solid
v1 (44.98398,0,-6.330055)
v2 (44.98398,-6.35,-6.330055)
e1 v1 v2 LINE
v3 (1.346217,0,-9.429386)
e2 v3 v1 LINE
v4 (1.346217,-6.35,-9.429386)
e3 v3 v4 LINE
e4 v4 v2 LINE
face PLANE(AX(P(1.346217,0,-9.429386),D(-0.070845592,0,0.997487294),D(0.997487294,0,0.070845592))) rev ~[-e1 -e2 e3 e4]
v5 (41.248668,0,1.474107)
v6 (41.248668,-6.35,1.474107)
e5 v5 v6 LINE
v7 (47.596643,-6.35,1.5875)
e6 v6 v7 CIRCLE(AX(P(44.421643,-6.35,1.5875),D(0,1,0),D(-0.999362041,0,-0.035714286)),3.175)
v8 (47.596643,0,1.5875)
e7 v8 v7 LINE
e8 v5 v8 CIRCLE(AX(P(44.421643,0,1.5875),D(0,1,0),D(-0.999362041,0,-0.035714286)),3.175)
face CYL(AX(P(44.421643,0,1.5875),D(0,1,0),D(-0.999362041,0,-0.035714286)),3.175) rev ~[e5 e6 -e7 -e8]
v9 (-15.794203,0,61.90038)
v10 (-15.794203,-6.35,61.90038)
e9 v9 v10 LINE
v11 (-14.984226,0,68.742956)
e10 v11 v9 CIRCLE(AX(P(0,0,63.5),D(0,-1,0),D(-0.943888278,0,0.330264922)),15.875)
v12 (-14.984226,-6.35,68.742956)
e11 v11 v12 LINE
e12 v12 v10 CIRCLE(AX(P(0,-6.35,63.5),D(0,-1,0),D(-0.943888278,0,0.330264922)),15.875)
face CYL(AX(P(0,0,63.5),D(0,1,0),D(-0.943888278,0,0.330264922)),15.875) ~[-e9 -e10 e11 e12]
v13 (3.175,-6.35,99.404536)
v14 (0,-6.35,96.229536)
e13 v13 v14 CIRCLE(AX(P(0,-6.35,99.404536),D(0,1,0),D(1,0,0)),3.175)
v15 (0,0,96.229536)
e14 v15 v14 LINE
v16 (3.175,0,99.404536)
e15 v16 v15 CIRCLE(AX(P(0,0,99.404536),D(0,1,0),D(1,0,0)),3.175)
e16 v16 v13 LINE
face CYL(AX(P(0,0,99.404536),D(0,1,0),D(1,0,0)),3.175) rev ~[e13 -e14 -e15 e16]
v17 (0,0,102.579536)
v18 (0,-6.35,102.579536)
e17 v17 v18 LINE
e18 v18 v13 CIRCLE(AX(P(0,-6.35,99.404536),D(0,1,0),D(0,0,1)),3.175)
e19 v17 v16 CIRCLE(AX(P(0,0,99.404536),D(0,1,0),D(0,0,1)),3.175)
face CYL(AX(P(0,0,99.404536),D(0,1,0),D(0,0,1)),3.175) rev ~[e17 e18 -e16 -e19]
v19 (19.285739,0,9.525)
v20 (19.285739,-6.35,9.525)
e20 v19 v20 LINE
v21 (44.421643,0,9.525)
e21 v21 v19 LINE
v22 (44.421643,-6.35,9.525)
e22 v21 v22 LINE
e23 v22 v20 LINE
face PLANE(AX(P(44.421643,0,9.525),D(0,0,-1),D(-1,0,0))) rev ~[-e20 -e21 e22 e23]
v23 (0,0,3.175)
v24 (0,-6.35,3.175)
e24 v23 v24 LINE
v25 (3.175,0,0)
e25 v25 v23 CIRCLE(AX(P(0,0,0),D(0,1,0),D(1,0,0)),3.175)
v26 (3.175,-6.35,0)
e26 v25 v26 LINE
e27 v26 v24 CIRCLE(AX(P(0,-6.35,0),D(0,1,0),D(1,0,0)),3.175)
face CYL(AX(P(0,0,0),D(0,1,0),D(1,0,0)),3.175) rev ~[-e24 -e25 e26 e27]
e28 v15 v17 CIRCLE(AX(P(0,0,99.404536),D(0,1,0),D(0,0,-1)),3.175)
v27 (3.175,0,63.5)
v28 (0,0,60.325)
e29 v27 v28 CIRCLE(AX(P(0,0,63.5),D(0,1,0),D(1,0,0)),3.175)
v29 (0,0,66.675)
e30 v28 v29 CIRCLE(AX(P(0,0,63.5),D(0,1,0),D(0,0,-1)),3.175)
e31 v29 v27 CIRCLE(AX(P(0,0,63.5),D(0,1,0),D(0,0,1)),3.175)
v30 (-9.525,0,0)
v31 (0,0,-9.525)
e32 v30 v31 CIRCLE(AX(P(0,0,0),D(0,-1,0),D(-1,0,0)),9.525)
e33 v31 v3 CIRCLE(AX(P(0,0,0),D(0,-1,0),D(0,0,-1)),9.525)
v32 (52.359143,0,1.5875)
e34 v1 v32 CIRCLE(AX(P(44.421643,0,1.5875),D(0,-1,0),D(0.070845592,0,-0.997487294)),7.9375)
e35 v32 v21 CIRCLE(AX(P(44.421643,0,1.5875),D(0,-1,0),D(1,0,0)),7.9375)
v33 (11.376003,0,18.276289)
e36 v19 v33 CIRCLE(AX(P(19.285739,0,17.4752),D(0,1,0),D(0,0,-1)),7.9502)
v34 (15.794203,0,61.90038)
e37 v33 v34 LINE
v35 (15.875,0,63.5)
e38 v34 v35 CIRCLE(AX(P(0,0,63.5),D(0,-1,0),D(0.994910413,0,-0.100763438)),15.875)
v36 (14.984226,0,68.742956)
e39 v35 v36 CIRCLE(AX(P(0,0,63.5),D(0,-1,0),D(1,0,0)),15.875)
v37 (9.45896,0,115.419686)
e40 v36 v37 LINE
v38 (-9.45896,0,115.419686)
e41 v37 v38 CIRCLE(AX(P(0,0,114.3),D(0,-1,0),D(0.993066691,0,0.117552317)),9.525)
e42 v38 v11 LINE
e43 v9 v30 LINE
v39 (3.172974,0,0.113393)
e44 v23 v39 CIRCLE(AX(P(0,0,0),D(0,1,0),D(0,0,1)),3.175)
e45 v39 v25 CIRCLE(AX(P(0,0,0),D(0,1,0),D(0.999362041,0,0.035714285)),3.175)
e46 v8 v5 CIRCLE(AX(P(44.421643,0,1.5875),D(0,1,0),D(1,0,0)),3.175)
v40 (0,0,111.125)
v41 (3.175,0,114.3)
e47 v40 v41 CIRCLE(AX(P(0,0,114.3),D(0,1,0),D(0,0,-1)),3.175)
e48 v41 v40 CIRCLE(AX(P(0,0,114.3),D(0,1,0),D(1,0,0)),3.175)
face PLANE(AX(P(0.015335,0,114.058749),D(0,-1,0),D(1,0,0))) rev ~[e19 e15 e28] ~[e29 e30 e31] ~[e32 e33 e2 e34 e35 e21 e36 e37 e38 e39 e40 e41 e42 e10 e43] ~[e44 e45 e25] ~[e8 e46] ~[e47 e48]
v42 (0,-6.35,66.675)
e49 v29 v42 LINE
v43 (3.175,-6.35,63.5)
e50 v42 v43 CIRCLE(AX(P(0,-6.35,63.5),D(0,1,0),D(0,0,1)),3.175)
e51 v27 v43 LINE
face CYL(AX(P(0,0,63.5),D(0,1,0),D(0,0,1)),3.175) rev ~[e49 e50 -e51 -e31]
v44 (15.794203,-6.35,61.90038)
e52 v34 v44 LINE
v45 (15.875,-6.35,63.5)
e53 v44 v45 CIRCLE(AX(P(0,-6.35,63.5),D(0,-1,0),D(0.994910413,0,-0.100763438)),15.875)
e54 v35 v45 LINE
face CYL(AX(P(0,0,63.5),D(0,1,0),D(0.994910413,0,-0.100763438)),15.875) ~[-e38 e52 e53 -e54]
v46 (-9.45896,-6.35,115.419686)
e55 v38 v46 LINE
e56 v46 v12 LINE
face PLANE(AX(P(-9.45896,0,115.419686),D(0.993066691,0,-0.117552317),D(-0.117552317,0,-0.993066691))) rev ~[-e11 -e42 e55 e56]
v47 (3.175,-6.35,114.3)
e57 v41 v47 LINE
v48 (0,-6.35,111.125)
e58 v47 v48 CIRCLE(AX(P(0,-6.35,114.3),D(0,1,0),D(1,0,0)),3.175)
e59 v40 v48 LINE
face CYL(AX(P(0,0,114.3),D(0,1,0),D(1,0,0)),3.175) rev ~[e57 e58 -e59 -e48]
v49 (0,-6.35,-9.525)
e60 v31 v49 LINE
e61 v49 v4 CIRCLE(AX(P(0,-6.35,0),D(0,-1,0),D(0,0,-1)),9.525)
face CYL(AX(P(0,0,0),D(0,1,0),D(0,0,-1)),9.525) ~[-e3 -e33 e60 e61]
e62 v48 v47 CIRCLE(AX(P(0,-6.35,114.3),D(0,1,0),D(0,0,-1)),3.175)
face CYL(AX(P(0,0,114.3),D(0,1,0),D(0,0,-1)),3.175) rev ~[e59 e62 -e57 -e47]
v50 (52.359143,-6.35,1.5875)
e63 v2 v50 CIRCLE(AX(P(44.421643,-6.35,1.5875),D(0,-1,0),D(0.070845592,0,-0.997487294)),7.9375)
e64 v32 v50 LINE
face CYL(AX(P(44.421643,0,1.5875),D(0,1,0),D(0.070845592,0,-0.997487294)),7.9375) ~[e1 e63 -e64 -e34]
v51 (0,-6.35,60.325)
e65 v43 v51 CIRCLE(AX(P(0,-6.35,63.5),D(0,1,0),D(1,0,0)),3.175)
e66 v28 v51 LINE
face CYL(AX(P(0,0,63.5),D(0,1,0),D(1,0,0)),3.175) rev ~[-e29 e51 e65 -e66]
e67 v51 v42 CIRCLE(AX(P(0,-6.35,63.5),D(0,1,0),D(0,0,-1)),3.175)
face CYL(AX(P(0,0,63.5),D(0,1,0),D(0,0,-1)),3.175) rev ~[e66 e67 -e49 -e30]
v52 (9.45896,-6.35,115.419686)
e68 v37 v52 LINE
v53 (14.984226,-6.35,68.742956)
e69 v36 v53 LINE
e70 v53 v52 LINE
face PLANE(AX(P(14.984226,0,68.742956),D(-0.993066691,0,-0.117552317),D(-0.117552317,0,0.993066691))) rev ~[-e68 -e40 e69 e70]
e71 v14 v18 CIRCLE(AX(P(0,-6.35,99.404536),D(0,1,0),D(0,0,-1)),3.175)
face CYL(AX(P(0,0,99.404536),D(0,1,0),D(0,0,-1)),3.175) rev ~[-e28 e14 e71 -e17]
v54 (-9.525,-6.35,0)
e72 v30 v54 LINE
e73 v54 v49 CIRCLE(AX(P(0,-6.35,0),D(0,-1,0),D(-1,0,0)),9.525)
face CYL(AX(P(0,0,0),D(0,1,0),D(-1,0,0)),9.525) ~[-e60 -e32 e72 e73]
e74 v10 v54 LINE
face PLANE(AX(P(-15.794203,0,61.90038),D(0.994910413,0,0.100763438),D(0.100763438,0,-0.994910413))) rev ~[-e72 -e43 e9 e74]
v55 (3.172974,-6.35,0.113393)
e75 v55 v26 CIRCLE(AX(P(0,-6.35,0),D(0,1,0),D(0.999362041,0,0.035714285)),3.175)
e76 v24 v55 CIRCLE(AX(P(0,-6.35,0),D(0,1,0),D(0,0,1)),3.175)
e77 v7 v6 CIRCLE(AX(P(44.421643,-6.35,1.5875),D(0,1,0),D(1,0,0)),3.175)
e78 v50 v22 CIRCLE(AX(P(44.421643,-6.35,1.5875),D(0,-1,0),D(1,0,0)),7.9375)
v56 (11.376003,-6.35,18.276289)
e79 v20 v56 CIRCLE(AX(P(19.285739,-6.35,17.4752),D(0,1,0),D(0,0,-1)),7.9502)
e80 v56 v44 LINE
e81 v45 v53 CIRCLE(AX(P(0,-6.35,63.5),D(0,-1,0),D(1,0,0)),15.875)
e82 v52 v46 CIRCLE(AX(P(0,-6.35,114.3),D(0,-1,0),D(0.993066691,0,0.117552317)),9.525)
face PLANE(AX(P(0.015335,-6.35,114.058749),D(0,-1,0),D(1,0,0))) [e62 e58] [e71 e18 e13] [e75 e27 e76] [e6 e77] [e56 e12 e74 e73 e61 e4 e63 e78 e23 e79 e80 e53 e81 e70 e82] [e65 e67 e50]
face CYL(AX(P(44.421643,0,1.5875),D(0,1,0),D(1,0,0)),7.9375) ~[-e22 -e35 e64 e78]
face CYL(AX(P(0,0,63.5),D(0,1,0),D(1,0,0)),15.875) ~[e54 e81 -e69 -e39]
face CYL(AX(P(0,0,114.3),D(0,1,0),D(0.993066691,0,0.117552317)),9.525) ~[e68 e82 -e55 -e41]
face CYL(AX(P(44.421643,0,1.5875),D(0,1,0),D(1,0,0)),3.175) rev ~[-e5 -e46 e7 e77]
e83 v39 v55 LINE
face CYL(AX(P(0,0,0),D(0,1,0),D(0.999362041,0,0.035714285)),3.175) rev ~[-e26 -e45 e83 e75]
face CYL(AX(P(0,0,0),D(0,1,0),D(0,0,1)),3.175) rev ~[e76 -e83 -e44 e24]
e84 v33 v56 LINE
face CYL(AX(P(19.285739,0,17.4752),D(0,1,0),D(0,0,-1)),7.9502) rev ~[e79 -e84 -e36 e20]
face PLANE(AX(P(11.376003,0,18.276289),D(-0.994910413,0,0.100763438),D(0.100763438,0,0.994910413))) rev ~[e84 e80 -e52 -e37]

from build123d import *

# Parameters (mm, degrees)
F1_DEPTH = 6.35


with BuildPart() as f1:
    # F0 (on Front) → F1 (new body)
    with BuildSketch(Plane.XZ):
        with BuildLine():
            ThreePointArc((-9.4589602313, 115.4196858236), (-7.120064342, 107.9730490151), (0, 104.775))
            ThreePointArc((0, 104.775), (6.7351920908, 107.5648079092), (9.525, 114.3))
            ThreePointArc((9.525, 114.3), (9.5084757244, 114.8608158331), (9.4589602313, 115.4196858236))
            ThreePointArc((9.4589602313, 115.4196858236), (0, 123.825), (-9.4589602313, 115.4196858236))
        make_face()
        with BuildLine():
            ThreePointArc((3.175, 114.3), (2.2450640303, 112.0549359697), (0, 111.125))
            ThreePointArc((0, 111.125), (-2.2450640303, 116.5450640303), (3.175, 114.3))
        make_face(mode=Mode.SUBTRACT)
        with BuildLine():
            ThreePointArc((9.525, 114.3), (6.7351920908, 107.5648079092), (0, 104.775))
            Line((0, 104.775), (0, 102.5795361876))
            ThreePointArc((0, 102.5795361876), (2.2450640303, 101.6496002179), (3.175, 99.4045361876))
            ThreePointArc((3.175, 99.4045361876), (2.2450640303, 97.1594721574), (0, 96.2295361876))
            Line((0, 96.2295361876), (0, 79.375))
            ThreePointArc((0, 79.375), (9.186503804, 76.4469599852), (14.9842264132, 68.7429556358))
            Line((14.9842264132, 68.7429556358), (9.4589602313, 115.4196858236))
            ThreePointArc((9.4589602313, 115.4196858236), (9.5084757244, 114.8608158331), (9.525, 114.3))
        make_face()
        with BuildLine():
            Line((0, 102.5795361876), (0, 104.775))
            ThreePointArc((0, 104.775), (-7.120064342, 107.9730490151), (-9.4589602313, 115.4196858236))
            Line((-9.4589602313, 115.4196858236), (-14.9842264132, 68.7429556358))
            ThreePointArc((-14.9842264132, 68.7429556358), (-9.186503804, 76.4469599852), (0, 79.375))
            Line((0, 79.375), (0, 96.2295361876))
            ThreePointArc((0, 96.2295361876), (-3.175, 99.4045361876), (0, 102.5795361876))
        make_face()
        with BuildLine():
            Line((-15.7942028036, 61.9003804205), (-14.9842264132, 68.7429556358))
            ThreePointArc((-14.9842264132, 68.7429556358), (-15.7649337188, 65.3661430393), (-15.7942028036, 61.9003804205))
        make_face()
        with BuildLine():
            ThreePointArc((0, 79.375), (-9.186503804, 76.4469599852), (-14.9842264132, 68.7429556358))
            Line((-14.9842264132, 68.7429556358), (-15.7942028036, 61.9003804205))
            ThreePointArc((-15.7942028036, 61.9003804205), (-10.644756084, 51.722700101), (0, 47.625))
            Line((0, 47.625), (0, 60.325))
            ThreePointArc((0, 60.325), (-3.175, 63.5), (0, 66.675))
            Line((0, 66.675), (0, 79.375))
        make_face()
        with BuildLine():
            ThreePointArc((14.9842264132, 68.7429556358), (9.186503804, 76.4469599852), (0, 79.375))
            Line((0, 79.375), (0, 66.675))
            ThreePointArc((0, 66.675), (2.2450640303, 65.7450640303), (3.175, 63.5))
            ThreePointArc((3.175, 63.5), (2.2450640303, 61.2549359697), (0, 60.325))
            Line((0, 60.325), (0, 47.625))
            ThreePointArc((0, 47.625), (10.644756084, 51.722700101), (15.7942028036, 61.9003804205))
            Line((15.7942028036, 61.9003804205), (14.9842264132, 68.7429556358))
        make_face()
        with BuildLine():
            ThreePointArc((15.875, 63.5), (15.6507223365, 66.1590440661), (14.9842264132, 68.7429556358))
            Line((14.9842264132, 68.7429556358), (15.7942028036, 61.9003804205))
            ThreePointArc((15.7942028036, 61.9003804205), (15.8547878338, 62.6991705884), (15.875, 63.5))
        make_face()
        with BuildLine():
            ThreePointArc((0, 47.625), (-10.644756084, 51.722700101), (-15.7942028036, 61.9003804205))
            Line((-15.7942028036, 61.9003804205), (-9.525, 0))
            ThreePointArc((-9.525, 0), (-6.7351920908, 6.7351920908), (0, 9.525))
            Line((0, 9.525), (0, 47.625))
        make_face()
        with BuildLine():
            Line((11.3760026029, 18.2762894854), (15.7942028036, 61.9003804205))
            ThreePointArc((15.7942028036, 61.9003804205), (10.644756084, 51.722700101), (0, 47.625))
            Line((0, 47.625), (0, 9.525))
            ThreePointArc((0, 9.525), (6.6138273378, 6.8544082857), (9.5189234444, 0.3401785714))
            Line((9.5189234444, 0.3401785714), (36.4892065367, 1.3040178571))
            ThreePointArc((36.4892065367, 1.3040178571), (38.7096358356, 7.0990227815), (44.4216427403, 9.525))
            Line((44.4216427403, 9.525), (19.285739367, 9.525))
            ThreePointArc((19.285739367, 9.525), (13.3876675775, 12.1443061531), (11.3760026029, 18.2762894854))
        make_face()
        with BuildLine():
            ThreePointArc((0, 9.525), (-6.7351920908, 6.7351920908), (-9.525, 0))
            ThreePointArc((-9.525, 0), (-6.7351920908, -6.7351920908), (0, -9.525))
            Line((0, -9.525), (1.3462173498, -9.4293861861))
            ThreePointArc((1.3462173498, -9.4293861861), (7.1954272026, -6.241109867), (9.525, 0))
            ThreePointArc((9.525, 0), (9.5234807399, 0.1701164197), (9.5189234444, 0.3401785714))
            Line((9.5189234444, 0.3401785714), (3.1729744815, 0.1133928571))
            ThreePointArc((3.1729744815, 0.1133928571), (3.17449358, 0.0567054732), (3.175, 0))
            ThreePointArc((3.175, 0), (-2.2450640303, -2.2450640303), (0, 3.175))
            Line((0, 3.175), (0, 9.525))
        make_face()
        with BuildLine():
            Line((1.3462173498, -9.4293861861), (0, -9.525))
            ThreePointArc((0, -9.525), (0.6748042594, -9.5010664776), (1.3462173498, -9.4293861861))
        make_face()
        with BuildLine():
            Line((36.4892065367, 1.3040178571), (9.5189234444, 0.3401785714))
            ThreePointArc((9.5189234444, 0.3401785714), (9.5234807399, 0.1701164197), (9.525, 0))
            ThreePointArc((9.525, 0), (7.1954272026, -6.241109867), (1.3462173498, -9.4293861861))
            Line((1.3462173498, -9.4293861861), (44.9839796232, -6.330055398))
            ThreePointArc((44.9839796232, -6.330055398), (39.1160457319, -4.3162739315), (36.4892065367, 1.3040178571))
        make_face()
        with BuildLine():
            ThreePointArc((52.3591427403, 1.5875), (50.034302816, 7.2001600757), (44.4216427403, 9.525))
            ThreePointArc((44.4216427403, 9.525), (38.7096358356, 7.0990227815), (36.4892065367, 1.3040178571))
            ThreePointArc((36.4892065367, 1.3040178571), (39.1160457319, -4.3162739315), (44.9839796232, -6.330055398))
            ThreePointArc((44.9839796232, -6.330055398), (50.2297170881, -3.8226921058), (52.3591427403, 1.5875))
        make_face()
        with BuildLine():
            ThreePointArc((47.5966427403, 1.5875), (44.4783482136, -1.58699358), (41.2486682589, 1.4741071429))
            ThreePointArc((41.2486682589, 1.4741071429), (44.3649372671, 4.76199358), (47.5966427403, 1.5875))
        make_face(mode=Mode.SUBTRACT)
        with BuildLine():
            ThreePointArc((9.5189234444, 0.3401785714), (6.6138273378, 6.8544082857), (0, 9.525))
            Line((0, 9.525), (0, 3.175))
            ThreePointArc((0, 3.175), (2.2046091126, 2.2848027619), (3.1729744815, 0.1133928571))
            Line((3.1729744815, 0.1133928571), (9.5189234444, 0.3401785714))
        make_face()
    extrude(amount=F1_DEPTH)


solid = f1.part
